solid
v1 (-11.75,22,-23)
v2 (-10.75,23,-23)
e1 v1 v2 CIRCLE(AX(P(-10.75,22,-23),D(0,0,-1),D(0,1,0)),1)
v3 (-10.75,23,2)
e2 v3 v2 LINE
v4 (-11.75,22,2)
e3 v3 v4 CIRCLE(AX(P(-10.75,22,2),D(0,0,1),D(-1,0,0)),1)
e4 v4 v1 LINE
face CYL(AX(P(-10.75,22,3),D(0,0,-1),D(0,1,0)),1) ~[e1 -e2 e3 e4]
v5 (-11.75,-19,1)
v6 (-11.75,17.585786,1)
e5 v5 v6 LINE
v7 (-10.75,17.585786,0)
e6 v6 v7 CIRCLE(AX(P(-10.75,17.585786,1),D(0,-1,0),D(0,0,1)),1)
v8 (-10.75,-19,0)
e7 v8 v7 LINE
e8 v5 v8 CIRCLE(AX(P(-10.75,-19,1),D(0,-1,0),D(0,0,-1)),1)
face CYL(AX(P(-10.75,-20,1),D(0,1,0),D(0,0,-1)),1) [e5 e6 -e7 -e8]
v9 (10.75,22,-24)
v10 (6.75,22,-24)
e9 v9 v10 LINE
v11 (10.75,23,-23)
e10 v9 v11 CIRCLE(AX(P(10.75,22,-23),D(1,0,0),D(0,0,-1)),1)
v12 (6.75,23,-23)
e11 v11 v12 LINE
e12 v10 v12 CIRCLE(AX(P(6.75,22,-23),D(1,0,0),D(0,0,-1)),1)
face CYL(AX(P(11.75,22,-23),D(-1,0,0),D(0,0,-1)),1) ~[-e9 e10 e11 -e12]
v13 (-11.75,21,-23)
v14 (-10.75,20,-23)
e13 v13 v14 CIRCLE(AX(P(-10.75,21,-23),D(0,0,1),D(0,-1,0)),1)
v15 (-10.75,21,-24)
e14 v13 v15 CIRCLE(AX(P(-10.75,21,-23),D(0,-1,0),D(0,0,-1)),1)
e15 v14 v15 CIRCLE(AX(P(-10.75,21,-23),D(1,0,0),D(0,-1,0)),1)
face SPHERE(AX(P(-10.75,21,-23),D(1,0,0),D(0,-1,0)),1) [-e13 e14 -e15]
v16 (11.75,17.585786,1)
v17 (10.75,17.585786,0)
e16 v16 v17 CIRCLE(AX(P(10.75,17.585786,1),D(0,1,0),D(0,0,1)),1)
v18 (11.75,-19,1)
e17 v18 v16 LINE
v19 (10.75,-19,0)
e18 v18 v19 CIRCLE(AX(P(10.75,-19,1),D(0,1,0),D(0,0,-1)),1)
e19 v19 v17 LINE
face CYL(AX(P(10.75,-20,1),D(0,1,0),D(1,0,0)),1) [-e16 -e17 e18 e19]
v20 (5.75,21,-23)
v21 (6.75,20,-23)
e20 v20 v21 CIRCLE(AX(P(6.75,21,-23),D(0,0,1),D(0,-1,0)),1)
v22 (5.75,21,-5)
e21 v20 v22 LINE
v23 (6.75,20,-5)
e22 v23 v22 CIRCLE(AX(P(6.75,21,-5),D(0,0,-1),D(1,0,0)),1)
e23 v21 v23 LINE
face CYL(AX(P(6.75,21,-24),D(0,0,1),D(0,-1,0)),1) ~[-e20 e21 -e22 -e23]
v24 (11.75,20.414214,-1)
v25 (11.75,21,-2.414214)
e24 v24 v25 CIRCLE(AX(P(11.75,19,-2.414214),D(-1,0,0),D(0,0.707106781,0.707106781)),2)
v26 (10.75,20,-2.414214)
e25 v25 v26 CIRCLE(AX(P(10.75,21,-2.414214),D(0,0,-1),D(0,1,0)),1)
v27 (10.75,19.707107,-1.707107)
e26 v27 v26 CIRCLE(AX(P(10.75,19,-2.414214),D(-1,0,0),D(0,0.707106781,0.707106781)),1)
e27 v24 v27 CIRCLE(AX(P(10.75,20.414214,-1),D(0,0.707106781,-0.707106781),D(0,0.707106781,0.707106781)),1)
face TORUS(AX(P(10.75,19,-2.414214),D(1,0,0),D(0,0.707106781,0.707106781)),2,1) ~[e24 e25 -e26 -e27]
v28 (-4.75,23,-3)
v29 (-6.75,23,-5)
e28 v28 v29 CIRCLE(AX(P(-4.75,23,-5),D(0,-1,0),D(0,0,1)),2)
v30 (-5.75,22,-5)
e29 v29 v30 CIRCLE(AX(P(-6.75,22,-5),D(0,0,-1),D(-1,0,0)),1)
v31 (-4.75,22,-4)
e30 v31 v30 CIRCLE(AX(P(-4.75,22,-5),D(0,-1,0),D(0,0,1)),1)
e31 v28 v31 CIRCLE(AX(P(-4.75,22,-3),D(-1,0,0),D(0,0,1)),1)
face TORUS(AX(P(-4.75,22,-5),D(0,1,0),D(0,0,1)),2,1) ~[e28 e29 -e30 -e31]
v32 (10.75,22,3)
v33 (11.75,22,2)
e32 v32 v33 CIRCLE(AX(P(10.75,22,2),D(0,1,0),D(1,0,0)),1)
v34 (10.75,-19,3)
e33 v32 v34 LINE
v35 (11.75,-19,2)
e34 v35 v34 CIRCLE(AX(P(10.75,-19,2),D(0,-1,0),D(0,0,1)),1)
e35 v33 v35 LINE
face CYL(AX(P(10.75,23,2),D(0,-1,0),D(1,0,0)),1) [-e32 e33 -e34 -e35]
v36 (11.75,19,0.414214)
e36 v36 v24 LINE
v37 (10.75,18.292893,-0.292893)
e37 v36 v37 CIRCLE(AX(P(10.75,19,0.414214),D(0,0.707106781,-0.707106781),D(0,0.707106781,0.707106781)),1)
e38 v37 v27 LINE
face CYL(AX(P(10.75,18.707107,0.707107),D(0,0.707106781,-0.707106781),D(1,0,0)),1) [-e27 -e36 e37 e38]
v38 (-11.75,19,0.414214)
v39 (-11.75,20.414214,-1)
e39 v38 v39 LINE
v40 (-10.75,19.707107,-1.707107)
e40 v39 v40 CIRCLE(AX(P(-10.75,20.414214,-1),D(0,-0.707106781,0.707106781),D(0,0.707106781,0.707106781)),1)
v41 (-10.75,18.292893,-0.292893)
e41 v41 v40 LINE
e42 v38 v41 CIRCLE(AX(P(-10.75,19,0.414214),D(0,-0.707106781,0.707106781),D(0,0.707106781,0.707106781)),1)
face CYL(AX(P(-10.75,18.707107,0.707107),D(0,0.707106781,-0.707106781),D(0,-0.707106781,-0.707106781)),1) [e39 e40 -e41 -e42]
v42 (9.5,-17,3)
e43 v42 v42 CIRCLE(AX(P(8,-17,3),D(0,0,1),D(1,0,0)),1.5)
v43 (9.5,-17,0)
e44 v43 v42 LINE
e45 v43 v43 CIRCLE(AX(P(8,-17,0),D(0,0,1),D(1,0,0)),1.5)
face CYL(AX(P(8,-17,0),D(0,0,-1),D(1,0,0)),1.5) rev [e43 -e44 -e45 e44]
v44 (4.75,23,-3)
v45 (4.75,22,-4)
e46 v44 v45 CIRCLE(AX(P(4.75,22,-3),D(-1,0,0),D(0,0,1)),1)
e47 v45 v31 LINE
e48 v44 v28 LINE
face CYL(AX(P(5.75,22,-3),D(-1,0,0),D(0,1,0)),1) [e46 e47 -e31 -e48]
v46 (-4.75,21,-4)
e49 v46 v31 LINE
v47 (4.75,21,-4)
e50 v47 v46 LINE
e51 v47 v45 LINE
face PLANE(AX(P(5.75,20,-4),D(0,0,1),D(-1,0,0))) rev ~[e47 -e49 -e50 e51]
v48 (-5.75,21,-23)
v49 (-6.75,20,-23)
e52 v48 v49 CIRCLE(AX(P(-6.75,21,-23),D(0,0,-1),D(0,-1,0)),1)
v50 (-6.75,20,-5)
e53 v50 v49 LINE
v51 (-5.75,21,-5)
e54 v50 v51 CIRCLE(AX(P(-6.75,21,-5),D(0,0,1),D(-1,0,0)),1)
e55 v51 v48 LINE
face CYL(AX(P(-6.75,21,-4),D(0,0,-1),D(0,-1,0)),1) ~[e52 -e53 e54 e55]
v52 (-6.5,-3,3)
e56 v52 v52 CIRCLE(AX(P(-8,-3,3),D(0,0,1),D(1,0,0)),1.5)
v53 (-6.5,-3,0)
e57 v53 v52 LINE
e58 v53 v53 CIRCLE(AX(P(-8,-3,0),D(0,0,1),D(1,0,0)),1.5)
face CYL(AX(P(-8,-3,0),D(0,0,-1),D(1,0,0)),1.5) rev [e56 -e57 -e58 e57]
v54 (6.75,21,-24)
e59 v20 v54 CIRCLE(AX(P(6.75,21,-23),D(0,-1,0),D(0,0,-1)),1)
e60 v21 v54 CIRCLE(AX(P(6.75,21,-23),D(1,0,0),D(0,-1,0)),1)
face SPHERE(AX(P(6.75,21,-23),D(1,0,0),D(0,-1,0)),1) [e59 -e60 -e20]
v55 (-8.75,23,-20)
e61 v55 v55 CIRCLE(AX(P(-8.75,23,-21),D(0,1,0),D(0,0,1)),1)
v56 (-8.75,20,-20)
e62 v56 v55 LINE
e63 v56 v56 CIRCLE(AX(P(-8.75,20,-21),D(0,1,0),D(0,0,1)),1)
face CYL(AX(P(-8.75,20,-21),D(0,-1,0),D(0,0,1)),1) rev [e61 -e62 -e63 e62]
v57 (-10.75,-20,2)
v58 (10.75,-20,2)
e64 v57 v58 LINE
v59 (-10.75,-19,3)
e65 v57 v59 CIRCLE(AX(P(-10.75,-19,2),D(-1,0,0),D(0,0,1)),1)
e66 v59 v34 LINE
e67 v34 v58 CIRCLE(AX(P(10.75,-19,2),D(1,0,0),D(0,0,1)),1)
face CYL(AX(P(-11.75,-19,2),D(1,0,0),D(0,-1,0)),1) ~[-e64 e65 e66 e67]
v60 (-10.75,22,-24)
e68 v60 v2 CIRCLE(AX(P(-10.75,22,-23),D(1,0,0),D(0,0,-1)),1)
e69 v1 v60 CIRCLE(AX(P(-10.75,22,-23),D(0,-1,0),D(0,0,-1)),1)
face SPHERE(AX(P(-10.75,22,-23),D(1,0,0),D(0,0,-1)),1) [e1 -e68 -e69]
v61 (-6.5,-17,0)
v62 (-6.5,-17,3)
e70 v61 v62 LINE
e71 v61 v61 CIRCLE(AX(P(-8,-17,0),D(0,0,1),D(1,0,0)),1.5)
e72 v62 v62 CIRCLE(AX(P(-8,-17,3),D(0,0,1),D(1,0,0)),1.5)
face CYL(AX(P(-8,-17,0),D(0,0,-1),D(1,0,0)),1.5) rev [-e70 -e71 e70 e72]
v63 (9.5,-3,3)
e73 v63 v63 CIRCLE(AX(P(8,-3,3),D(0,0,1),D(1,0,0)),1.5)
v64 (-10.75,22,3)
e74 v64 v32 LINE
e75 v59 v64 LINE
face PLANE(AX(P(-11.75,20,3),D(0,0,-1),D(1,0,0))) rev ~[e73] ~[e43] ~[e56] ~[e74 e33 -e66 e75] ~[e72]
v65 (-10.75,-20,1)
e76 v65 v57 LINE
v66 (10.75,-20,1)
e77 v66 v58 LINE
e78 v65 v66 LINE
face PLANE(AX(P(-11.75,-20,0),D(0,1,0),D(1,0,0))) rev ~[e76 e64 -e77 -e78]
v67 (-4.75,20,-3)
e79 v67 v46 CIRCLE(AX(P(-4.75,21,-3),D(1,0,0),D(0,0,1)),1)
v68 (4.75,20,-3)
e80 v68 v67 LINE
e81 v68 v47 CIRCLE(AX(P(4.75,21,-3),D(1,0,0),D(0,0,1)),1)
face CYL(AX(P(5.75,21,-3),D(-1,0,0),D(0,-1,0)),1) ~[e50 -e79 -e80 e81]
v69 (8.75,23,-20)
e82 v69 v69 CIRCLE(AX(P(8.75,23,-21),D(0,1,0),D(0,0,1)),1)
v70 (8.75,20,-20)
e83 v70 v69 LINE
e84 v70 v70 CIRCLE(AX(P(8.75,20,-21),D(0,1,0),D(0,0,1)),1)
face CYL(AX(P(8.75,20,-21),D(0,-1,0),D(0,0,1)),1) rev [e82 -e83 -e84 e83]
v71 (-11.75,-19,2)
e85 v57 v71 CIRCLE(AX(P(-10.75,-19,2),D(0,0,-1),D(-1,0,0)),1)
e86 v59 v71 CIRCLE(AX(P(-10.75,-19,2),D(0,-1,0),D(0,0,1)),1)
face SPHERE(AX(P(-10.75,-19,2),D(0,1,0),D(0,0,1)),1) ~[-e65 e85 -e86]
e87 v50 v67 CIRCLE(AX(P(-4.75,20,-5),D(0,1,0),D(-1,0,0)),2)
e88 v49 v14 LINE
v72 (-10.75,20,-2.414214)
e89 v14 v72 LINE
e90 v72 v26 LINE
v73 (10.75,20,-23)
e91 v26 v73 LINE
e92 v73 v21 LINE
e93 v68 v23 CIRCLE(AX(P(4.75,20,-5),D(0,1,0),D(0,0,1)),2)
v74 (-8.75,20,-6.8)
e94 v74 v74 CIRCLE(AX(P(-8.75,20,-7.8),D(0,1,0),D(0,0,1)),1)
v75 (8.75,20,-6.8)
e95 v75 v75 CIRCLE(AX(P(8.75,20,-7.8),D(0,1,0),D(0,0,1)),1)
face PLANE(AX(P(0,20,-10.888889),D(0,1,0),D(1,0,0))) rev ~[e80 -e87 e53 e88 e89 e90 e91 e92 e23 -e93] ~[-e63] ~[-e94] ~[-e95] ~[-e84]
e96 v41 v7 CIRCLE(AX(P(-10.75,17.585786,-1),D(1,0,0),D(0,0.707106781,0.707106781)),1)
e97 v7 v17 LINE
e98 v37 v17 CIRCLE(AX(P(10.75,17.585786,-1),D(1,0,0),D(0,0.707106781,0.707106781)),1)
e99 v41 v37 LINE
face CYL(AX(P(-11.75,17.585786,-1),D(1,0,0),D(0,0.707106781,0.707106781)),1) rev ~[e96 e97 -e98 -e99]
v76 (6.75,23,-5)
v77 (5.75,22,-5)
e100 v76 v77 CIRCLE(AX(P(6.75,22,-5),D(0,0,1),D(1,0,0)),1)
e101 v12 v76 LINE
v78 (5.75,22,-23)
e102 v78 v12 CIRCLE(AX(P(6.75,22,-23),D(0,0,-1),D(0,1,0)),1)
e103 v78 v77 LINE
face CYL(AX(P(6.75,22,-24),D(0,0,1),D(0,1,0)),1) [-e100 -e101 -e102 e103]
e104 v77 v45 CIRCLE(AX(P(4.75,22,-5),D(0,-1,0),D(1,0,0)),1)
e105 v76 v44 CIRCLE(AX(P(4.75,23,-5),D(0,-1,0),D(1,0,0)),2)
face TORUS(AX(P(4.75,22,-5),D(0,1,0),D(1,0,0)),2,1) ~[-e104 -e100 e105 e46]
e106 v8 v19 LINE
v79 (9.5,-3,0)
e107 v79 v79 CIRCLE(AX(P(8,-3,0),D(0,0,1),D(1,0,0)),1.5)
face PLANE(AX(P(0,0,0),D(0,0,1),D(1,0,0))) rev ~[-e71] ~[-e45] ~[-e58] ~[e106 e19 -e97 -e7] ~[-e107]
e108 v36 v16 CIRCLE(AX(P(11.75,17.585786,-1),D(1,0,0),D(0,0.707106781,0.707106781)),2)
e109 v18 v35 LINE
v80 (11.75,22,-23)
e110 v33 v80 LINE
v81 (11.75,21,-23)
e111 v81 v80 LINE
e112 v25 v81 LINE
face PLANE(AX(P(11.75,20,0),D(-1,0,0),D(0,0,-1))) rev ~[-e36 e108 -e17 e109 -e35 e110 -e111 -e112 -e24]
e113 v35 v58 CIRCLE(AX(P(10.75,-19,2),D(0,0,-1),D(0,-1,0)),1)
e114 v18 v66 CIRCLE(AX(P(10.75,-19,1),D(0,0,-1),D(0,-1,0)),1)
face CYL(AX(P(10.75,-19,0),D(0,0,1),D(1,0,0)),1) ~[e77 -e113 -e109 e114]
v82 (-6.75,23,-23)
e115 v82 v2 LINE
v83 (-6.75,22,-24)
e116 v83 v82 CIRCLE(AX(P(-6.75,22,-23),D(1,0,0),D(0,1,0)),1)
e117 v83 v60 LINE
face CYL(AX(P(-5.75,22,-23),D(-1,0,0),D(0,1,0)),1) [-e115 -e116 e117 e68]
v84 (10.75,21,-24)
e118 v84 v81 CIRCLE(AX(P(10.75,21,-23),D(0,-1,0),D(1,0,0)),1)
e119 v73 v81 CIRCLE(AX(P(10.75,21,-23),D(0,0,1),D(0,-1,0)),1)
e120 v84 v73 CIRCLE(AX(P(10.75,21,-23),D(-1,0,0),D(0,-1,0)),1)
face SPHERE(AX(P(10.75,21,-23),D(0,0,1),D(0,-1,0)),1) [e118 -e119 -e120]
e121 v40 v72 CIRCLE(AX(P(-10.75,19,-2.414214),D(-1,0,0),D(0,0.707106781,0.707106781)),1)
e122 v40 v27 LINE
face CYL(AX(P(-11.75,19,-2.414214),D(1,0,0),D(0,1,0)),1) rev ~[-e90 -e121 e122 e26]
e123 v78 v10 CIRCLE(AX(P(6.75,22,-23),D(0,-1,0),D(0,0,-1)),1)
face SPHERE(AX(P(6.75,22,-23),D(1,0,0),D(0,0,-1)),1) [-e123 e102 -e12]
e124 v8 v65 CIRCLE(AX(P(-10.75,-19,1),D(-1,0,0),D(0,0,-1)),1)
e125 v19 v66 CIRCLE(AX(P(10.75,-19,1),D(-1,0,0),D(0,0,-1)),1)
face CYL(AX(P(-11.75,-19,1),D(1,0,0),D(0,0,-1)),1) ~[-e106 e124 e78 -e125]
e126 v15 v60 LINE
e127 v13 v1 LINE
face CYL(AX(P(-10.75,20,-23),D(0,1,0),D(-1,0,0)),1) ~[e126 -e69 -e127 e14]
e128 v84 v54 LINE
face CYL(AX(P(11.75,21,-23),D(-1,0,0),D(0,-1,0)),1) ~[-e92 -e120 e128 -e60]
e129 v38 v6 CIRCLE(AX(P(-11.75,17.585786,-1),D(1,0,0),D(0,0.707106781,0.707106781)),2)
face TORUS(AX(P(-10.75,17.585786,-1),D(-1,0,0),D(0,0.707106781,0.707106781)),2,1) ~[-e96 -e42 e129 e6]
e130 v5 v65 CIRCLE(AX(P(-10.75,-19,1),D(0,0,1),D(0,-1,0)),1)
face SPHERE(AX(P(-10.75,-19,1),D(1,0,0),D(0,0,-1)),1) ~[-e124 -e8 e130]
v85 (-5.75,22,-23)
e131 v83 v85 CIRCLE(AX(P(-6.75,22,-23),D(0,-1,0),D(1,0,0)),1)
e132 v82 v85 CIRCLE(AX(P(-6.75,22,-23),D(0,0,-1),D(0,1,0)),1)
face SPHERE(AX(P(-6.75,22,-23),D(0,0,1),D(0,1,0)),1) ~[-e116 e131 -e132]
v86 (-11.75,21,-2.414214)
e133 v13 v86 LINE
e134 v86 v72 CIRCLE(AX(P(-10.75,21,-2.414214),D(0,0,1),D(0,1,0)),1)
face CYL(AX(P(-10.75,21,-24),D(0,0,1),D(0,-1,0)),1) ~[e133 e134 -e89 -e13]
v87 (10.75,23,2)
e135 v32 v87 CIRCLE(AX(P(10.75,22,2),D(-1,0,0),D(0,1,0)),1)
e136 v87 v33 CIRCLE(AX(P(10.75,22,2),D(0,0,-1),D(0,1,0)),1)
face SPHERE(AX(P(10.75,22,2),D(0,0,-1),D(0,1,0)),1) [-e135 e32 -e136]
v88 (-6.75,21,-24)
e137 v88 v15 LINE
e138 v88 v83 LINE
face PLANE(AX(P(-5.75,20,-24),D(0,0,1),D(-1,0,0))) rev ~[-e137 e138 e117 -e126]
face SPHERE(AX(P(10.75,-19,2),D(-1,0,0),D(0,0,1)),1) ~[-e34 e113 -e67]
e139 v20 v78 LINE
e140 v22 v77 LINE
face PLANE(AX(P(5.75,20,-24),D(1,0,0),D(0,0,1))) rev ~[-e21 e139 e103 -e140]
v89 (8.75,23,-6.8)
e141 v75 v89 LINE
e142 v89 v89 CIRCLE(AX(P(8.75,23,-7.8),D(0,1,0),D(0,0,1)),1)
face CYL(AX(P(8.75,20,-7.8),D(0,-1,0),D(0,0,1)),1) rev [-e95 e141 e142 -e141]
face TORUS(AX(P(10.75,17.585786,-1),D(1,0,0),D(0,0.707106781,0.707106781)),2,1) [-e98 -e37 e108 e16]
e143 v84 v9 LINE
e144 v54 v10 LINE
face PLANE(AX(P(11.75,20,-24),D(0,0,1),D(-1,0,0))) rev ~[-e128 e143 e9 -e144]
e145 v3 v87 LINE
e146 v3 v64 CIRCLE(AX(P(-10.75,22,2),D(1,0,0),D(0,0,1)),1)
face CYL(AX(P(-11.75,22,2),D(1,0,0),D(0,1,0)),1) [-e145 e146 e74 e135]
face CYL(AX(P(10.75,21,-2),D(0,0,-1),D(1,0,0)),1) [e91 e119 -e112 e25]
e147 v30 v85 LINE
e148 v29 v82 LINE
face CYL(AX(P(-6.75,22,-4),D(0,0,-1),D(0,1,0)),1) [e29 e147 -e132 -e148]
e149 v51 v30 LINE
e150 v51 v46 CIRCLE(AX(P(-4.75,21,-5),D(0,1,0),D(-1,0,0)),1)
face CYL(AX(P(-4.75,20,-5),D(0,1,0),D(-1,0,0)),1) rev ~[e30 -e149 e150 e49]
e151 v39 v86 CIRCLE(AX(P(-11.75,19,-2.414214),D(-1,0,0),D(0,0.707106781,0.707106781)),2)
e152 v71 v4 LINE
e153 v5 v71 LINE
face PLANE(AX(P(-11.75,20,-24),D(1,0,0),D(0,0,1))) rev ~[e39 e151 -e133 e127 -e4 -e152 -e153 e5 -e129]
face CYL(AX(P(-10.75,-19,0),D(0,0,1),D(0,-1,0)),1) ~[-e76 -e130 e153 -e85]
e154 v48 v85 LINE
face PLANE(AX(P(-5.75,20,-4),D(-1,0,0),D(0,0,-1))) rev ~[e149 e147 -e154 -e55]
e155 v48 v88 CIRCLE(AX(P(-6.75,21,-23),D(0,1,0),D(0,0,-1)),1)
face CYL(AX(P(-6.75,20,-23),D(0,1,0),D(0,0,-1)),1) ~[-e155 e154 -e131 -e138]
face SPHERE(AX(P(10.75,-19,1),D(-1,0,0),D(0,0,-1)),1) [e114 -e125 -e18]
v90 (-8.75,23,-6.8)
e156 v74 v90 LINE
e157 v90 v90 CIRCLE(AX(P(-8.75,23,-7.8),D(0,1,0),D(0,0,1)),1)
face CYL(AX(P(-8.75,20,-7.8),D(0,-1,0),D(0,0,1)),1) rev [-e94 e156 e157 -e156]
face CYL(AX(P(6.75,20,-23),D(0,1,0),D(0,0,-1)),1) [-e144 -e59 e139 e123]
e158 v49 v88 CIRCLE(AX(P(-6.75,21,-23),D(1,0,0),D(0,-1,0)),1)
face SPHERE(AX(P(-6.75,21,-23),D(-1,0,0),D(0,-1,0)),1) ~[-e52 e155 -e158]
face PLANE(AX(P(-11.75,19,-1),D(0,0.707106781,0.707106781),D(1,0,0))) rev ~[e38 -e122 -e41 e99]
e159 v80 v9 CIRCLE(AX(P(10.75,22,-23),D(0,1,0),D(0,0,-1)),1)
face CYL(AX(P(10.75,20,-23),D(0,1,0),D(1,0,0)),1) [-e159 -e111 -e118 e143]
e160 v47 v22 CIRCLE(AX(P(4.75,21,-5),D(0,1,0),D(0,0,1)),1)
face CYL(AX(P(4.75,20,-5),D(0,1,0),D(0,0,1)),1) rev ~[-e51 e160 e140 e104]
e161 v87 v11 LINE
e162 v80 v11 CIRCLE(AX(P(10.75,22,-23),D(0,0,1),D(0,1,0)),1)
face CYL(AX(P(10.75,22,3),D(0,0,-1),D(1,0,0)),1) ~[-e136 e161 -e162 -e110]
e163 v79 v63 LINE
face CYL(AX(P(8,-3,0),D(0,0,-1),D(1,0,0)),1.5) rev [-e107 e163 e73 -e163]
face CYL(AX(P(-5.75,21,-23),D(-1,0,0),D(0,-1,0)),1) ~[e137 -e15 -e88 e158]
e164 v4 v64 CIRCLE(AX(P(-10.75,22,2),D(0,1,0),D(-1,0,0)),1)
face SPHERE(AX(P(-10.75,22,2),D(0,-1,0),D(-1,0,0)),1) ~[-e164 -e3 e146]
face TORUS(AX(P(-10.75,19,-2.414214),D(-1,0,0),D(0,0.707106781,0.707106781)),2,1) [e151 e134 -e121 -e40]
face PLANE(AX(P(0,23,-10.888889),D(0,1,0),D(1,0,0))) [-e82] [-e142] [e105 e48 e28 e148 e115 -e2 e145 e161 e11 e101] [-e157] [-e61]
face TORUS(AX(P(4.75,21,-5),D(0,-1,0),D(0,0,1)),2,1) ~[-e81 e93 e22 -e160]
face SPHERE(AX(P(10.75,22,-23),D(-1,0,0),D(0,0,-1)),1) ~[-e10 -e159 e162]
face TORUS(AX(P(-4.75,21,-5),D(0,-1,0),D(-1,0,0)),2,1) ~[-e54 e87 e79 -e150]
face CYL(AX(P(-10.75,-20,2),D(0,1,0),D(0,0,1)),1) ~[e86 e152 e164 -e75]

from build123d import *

# Parameters (mm, degrees)
SKETCH_1_W      = 23.5
SKETCH_1_H      = 40
SKETCH_1_R      = 1.5
EXTRUDE_1_DEPTH = 3
SKETCH_2_R      = 1
SKETCH_2_W      = 23.5
SKETCH_2_H      = 3
EXTRUDE_2_DEPTH = 3
CHAMFER_1_SIZE  = 2
FILLET_1_R      = 1


with BuildPart() as part:
    # 草图1 → 凸台-拉伸1 (new body)
    with BuildSketch(Plane.XY):
        Rectangle(SKETCH_1_W, SKETCH_1_H)
        with Locations((-8, -3)):
            Circle(SKETCH_1_R, mode=Mode.SUBTRACT)
        with Locations((8, -3)):
            Circle(SKETCH_1_R, mode=Mode.SUBTRACT)
        with Locations((8, -17)):
            Circle(SKETCH_1_R, mode=Mode.SUBTRACT)
        with Locations((-8, -17)):
            Circle(SKETCH_1_R, mode=Mode.SUBTRACT)
    extrude(amount=EXTRUDE_1_DEPTH)

    # 草图2 → 凸台-拉伸2 (add)
    # profile 1 of 2: a face of its own
    with BuildSketch(Plane(origin=(0, 20, 0), x_dir=(1, 0, 0), z_dir=(0, 1, 0))):
        Polygon((-5.75, 24), (-11.75, 24), (-11.75, 0), (11.75, 0), (11.75, 24), (5.75, 24), (5.75, 4), (-5.75, 4), align=None)
        with Locations(Location((-8.75, 7.8, 0), (0, 0, 270))):
            Circle(SKETCH_2_R, mode=Mode.SUBTRACT)
        with Locations(Location((8.75, 7.8, 0), (0, 0, 270))):
            Circle(SKETCH_2_R, mode=Mode.SUBTRACT)
        with Locations(Location((-8.75, 21, 0), (0, 0, 270))):
            Circle(SKETCH_2_R, mode=Mode.SUBTRACT)
        with Locations(Location((8.75, 21, 0), (0, 0, 270))):
            Circle(SKETCH_2_R, mode=Mode.SUBTRACT)
    # profile 2 of 2: a face of its own
    with BuildSketch(Plane(origin=(0, 20, 0), x_dir=(1, 0, 0), z_dir=(0, 1, 0))):
        with Locations((0, -1.5)):
            Rectangle(SKETCH_2_W, SKETCH_2_H)
    extrude(amount=EXTRUDE_2_DEPTH)

    # 倒角1
    chamfer_1_edges = [part.edges().sort_by_distance(p)[0] for p in [
        (0, 20, 0),
    ]]
    chamfer(chamfer_1_edges, length=CHAMFER_1_SIZE)

    # 圆角1
    fillet_1_edges = [part.edges().sort_by_distance(p)[0] for p in [
        (-11.75, 1.5, 3),
        (0, -20, 3),
        (11.75, 20, -13),
        (-8.75, 20, -24),
        (-5.75, 20, -14),
        (0, 20, -4),
        (8.75, 20, -24),
        (8.75, 23, -24),
        (11.75, 21.5, -24),
        (5.75, 20, -14),
        (5.75, 21.5, -24),
        (0, 23, -4),
        (5.75, 21.5, -4),
        (-5.75, 23, -14),
        (-5.75, 21.5, -4),
        (-8.75, 23, -24),
        (-5.75, 21.5, -24),
        (-11.75, 20, -13),
        (-11.75, 21.5, -24),
        (11.75, 23, -10.5),
        (5.75, 23, -14),
        (-11.75, 23, -10.5),
        (0, 23, 3),
        (11.75, 1.5, 3),
        (0, -20, 0),
        (11.75, -1, 0),
        (0, 20, -2),
        (-11.75, -1, 0),
        (0, 18, 0),
        (-11.75, 19, -1),
        (11.75, 19, -1),
        (11.75, -20, 1.5),
        (-11.75, -20, 1.5),
    ]]
    fillet(fillet_1_edges, radius=FILLET_1_R)


solid = part.part
